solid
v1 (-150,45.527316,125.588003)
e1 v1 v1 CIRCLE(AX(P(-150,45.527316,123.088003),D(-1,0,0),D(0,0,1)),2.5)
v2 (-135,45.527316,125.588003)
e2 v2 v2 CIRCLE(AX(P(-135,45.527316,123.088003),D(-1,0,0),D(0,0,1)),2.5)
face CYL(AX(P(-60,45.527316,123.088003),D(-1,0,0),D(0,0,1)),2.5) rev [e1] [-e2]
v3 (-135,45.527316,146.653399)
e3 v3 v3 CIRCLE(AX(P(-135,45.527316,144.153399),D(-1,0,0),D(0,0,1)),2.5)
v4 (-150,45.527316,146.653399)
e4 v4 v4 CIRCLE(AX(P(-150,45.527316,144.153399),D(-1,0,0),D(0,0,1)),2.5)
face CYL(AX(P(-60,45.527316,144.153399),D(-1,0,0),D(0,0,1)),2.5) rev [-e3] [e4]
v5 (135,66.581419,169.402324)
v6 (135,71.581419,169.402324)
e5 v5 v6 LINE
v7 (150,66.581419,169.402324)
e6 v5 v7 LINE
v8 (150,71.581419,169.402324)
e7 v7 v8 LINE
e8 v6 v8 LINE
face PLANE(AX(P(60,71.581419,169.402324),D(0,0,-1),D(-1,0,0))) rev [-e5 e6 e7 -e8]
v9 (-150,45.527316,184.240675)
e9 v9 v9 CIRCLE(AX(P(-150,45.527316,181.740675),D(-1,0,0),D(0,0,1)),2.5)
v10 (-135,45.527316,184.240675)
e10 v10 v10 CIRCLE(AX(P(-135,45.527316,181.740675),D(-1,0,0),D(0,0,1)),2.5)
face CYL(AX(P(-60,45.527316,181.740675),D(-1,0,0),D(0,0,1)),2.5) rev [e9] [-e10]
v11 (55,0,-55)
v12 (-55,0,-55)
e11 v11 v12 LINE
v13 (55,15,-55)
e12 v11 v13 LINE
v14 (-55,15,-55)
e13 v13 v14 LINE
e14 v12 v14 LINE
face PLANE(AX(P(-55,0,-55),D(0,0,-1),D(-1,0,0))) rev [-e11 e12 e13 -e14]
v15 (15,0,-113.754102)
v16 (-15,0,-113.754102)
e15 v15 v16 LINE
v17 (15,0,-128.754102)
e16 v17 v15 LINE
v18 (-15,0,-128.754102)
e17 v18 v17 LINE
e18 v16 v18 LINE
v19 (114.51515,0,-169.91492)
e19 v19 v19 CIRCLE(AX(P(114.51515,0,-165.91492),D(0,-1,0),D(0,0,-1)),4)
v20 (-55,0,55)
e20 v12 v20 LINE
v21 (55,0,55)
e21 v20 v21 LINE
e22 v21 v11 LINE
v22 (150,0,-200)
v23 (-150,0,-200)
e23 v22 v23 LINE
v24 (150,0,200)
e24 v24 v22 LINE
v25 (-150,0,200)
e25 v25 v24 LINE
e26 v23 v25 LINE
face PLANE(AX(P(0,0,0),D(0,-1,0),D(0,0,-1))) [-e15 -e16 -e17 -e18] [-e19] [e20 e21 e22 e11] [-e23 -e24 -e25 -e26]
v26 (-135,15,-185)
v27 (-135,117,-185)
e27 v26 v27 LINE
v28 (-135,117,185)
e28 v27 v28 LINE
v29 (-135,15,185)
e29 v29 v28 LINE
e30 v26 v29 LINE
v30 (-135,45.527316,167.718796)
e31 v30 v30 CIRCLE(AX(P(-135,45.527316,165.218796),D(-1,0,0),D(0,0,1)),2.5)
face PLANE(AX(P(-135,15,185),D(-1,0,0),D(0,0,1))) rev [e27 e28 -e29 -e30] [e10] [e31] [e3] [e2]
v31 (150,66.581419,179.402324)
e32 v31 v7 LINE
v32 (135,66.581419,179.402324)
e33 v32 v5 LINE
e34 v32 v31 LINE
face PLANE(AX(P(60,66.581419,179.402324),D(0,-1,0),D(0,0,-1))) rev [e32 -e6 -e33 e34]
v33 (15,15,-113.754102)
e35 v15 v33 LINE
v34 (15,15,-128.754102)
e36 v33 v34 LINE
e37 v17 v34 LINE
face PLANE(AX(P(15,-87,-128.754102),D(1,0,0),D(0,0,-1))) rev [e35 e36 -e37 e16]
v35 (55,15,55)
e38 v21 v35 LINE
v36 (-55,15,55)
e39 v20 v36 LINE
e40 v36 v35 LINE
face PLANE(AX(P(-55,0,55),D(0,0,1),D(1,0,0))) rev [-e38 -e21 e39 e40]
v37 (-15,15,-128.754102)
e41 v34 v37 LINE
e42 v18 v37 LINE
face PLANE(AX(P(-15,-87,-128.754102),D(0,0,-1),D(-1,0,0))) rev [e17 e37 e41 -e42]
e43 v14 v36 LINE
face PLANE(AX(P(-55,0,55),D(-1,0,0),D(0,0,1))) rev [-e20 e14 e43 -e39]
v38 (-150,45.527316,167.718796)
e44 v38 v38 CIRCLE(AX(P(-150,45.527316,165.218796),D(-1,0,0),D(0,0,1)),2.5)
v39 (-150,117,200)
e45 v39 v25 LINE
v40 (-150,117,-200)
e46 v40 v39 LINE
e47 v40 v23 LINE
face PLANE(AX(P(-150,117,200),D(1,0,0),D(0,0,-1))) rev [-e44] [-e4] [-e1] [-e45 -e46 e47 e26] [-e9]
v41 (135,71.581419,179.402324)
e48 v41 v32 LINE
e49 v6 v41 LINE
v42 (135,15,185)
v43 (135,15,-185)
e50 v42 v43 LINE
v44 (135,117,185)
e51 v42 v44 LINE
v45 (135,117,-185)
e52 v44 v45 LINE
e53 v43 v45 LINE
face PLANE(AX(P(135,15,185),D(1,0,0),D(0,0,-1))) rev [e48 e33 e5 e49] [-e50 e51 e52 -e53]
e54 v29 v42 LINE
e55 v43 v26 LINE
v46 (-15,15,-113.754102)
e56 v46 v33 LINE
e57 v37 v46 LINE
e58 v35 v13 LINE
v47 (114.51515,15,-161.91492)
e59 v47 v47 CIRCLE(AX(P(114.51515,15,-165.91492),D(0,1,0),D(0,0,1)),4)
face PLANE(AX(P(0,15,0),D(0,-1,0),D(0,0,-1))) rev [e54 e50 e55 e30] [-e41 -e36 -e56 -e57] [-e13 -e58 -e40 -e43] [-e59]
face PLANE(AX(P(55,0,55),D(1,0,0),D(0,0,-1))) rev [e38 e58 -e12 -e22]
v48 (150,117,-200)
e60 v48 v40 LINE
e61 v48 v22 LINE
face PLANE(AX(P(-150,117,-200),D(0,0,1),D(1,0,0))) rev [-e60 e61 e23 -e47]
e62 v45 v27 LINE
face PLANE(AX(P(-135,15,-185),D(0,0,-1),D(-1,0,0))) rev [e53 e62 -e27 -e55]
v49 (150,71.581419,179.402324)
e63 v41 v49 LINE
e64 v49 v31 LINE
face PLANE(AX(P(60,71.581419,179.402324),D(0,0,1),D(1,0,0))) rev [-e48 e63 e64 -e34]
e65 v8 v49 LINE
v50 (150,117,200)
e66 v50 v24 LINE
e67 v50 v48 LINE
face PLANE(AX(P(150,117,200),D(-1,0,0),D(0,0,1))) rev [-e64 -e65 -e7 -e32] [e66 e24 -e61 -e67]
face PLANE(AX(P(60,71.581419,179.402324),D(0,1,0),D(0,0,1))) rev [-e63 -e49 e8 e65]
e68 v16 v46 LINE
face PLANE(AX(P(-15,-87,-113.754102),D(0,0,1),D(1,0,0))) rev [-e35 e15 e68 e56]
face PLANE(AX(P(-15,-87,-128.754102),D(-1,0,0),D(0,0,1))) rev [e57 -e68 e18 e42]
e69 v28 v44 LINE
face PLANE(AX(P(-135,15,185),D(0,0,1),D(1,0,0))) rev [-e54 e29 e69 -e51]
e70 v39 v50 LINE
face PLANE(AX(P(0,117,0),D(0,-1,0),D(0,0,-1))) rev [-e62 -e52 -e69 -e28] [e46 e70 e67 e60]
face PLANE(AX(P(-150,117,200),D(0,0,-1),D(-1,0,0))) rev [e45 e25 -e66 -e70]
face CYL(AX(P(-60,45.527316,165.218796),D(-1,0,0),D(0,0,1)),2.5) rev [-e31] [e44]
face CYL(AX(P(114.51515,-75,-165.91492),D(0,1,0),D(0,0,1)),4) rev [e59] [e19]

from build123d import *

# Parameters (mm, degrees)
SKETCH1_W           = 300
SKETCH1_H           = 400
BOSS_EXTRUDE2_DEPTH = 117
SKETCH3_W           = 110
SKETCH3_H           = 110
CUT_EXTRUDE2_DEPTH  = 117
SKETCH5_W           = 270
SKETCH5_H           = 370
CUT_EXTRUDE3_DEPTH  = 102
SKETCH7_W           = 30
SKETCH7_H           = 15
CUT_EXTRUDE5_DEPTH  = 102
SKETCH8_W           = 10
SKETCH8_H           = 5
CUT_EXTRUDE7_DEPTH  = 90
SKETCH9_R           = 2.5
CUT_EXTRUDE8_DEPTH  = 90
SKETCH10_R          = 4
CUT_EXTRUDE9_DEPTH  = 90


with BuildPart() as part:
    # Sketch1 → Boss-Extrude2 (new body)
    with BuildSketch(Plane(origin=(0, 0, 0), x_dir=(1, 0, 0), z_dir=(0, 1, 0))):
        Rectangle(SKETCH1_W, SKETCH1_H)
    extrude(amount=BOSS_EXTRUDE2_DEPTH)

    # Sketch3 → Cut-Extrude2 (cut)
    with BuildSketch(Plane(origin=(0, 117, 0), x_dir=(1, 0, 0), z_dir=(0, 1, 0))):
        Rectangle(SKETCH3_W, SKETCH3_H)
    extrude(amount=-CUT_EXTRUDE2_DEPTH, mode=Mode.SUBTRACT)

    # Sketch5 → Cut-Extrude3 (cut)
    with BuildSketch(Plane(origin=(0, 117, 0), x_dir=(1, 0, 0), z_dir=(0, 1, 0))):
        Rectangle(SKETCH5_W, SKETCH5_H)
    extrude(amount=-CUT_EXTRUDE3_DEPTH, mode=Mode.SUBTRACT)

    # Sketch7 → Cut-Extrude5 (cut)
    with BuildSketch(Plane(origin=(0, 15, 0), x_dir=(1, 0, 0), z_dir=(0, 1, 0))):
        with Locations((0, 121.254101577)):
            Rectangle(SKETCH7_W, SKETCH7_H)
    extrude(amount=-CUT_EXTRUDE5_DEPTH, mode=Mode.SUBTRACT)

    # Sketch8 → Cut-Extrude7 (cut)
    with BuildSketch(Plane(origin=(150, 0, 0), x_dir=(0, 0, -1), z_dir=(1, 0, 0))):
        with Locations((-174.402323873, 69.081419449)):
            Rectangle(SKETCH8_W, SKETCH8_H)
    extrude(amount=-CUT_EXTRUDE7_DEPTH, mode=Mode.SUBTRACT)

    # Sketch9 → Cut-Extrude8 (cut)
    with BuildSketch(Plane.ZY.offset(150)):
        with Locations((181.740675273, 45.527316057)):
            Circle(SKETCH9_R)
        with Locations((165.218795702, 45.527316057)):
            Circle(SKETCH9_R)
        with Locations((144.15339925, 45.527316057)):
            Circle(SKETCH9_R)
        with Locations((123.088002798, 45.527316057)):
            Circle(SKETCH9_R)
    extrude(amount=-CUT_EXTRUDE8_DEPTH, mode=Mode.SUBTRACT)

    # Sketch10 → Cut-Extrude9 (cut)
    with BuildSketch(Plane(origin=(0, 15, 0), x_dir=(1, 0, 0), z_dir=(0, 1, 0))):
        with Locations((114.515150382, 165.914920232)):
            Circle(SKETCH10_R)
    extrude(amount=-CUT_EXTRUDE9_DEPTH, mode=Mode.SUBTRACT)


solid = part.part
